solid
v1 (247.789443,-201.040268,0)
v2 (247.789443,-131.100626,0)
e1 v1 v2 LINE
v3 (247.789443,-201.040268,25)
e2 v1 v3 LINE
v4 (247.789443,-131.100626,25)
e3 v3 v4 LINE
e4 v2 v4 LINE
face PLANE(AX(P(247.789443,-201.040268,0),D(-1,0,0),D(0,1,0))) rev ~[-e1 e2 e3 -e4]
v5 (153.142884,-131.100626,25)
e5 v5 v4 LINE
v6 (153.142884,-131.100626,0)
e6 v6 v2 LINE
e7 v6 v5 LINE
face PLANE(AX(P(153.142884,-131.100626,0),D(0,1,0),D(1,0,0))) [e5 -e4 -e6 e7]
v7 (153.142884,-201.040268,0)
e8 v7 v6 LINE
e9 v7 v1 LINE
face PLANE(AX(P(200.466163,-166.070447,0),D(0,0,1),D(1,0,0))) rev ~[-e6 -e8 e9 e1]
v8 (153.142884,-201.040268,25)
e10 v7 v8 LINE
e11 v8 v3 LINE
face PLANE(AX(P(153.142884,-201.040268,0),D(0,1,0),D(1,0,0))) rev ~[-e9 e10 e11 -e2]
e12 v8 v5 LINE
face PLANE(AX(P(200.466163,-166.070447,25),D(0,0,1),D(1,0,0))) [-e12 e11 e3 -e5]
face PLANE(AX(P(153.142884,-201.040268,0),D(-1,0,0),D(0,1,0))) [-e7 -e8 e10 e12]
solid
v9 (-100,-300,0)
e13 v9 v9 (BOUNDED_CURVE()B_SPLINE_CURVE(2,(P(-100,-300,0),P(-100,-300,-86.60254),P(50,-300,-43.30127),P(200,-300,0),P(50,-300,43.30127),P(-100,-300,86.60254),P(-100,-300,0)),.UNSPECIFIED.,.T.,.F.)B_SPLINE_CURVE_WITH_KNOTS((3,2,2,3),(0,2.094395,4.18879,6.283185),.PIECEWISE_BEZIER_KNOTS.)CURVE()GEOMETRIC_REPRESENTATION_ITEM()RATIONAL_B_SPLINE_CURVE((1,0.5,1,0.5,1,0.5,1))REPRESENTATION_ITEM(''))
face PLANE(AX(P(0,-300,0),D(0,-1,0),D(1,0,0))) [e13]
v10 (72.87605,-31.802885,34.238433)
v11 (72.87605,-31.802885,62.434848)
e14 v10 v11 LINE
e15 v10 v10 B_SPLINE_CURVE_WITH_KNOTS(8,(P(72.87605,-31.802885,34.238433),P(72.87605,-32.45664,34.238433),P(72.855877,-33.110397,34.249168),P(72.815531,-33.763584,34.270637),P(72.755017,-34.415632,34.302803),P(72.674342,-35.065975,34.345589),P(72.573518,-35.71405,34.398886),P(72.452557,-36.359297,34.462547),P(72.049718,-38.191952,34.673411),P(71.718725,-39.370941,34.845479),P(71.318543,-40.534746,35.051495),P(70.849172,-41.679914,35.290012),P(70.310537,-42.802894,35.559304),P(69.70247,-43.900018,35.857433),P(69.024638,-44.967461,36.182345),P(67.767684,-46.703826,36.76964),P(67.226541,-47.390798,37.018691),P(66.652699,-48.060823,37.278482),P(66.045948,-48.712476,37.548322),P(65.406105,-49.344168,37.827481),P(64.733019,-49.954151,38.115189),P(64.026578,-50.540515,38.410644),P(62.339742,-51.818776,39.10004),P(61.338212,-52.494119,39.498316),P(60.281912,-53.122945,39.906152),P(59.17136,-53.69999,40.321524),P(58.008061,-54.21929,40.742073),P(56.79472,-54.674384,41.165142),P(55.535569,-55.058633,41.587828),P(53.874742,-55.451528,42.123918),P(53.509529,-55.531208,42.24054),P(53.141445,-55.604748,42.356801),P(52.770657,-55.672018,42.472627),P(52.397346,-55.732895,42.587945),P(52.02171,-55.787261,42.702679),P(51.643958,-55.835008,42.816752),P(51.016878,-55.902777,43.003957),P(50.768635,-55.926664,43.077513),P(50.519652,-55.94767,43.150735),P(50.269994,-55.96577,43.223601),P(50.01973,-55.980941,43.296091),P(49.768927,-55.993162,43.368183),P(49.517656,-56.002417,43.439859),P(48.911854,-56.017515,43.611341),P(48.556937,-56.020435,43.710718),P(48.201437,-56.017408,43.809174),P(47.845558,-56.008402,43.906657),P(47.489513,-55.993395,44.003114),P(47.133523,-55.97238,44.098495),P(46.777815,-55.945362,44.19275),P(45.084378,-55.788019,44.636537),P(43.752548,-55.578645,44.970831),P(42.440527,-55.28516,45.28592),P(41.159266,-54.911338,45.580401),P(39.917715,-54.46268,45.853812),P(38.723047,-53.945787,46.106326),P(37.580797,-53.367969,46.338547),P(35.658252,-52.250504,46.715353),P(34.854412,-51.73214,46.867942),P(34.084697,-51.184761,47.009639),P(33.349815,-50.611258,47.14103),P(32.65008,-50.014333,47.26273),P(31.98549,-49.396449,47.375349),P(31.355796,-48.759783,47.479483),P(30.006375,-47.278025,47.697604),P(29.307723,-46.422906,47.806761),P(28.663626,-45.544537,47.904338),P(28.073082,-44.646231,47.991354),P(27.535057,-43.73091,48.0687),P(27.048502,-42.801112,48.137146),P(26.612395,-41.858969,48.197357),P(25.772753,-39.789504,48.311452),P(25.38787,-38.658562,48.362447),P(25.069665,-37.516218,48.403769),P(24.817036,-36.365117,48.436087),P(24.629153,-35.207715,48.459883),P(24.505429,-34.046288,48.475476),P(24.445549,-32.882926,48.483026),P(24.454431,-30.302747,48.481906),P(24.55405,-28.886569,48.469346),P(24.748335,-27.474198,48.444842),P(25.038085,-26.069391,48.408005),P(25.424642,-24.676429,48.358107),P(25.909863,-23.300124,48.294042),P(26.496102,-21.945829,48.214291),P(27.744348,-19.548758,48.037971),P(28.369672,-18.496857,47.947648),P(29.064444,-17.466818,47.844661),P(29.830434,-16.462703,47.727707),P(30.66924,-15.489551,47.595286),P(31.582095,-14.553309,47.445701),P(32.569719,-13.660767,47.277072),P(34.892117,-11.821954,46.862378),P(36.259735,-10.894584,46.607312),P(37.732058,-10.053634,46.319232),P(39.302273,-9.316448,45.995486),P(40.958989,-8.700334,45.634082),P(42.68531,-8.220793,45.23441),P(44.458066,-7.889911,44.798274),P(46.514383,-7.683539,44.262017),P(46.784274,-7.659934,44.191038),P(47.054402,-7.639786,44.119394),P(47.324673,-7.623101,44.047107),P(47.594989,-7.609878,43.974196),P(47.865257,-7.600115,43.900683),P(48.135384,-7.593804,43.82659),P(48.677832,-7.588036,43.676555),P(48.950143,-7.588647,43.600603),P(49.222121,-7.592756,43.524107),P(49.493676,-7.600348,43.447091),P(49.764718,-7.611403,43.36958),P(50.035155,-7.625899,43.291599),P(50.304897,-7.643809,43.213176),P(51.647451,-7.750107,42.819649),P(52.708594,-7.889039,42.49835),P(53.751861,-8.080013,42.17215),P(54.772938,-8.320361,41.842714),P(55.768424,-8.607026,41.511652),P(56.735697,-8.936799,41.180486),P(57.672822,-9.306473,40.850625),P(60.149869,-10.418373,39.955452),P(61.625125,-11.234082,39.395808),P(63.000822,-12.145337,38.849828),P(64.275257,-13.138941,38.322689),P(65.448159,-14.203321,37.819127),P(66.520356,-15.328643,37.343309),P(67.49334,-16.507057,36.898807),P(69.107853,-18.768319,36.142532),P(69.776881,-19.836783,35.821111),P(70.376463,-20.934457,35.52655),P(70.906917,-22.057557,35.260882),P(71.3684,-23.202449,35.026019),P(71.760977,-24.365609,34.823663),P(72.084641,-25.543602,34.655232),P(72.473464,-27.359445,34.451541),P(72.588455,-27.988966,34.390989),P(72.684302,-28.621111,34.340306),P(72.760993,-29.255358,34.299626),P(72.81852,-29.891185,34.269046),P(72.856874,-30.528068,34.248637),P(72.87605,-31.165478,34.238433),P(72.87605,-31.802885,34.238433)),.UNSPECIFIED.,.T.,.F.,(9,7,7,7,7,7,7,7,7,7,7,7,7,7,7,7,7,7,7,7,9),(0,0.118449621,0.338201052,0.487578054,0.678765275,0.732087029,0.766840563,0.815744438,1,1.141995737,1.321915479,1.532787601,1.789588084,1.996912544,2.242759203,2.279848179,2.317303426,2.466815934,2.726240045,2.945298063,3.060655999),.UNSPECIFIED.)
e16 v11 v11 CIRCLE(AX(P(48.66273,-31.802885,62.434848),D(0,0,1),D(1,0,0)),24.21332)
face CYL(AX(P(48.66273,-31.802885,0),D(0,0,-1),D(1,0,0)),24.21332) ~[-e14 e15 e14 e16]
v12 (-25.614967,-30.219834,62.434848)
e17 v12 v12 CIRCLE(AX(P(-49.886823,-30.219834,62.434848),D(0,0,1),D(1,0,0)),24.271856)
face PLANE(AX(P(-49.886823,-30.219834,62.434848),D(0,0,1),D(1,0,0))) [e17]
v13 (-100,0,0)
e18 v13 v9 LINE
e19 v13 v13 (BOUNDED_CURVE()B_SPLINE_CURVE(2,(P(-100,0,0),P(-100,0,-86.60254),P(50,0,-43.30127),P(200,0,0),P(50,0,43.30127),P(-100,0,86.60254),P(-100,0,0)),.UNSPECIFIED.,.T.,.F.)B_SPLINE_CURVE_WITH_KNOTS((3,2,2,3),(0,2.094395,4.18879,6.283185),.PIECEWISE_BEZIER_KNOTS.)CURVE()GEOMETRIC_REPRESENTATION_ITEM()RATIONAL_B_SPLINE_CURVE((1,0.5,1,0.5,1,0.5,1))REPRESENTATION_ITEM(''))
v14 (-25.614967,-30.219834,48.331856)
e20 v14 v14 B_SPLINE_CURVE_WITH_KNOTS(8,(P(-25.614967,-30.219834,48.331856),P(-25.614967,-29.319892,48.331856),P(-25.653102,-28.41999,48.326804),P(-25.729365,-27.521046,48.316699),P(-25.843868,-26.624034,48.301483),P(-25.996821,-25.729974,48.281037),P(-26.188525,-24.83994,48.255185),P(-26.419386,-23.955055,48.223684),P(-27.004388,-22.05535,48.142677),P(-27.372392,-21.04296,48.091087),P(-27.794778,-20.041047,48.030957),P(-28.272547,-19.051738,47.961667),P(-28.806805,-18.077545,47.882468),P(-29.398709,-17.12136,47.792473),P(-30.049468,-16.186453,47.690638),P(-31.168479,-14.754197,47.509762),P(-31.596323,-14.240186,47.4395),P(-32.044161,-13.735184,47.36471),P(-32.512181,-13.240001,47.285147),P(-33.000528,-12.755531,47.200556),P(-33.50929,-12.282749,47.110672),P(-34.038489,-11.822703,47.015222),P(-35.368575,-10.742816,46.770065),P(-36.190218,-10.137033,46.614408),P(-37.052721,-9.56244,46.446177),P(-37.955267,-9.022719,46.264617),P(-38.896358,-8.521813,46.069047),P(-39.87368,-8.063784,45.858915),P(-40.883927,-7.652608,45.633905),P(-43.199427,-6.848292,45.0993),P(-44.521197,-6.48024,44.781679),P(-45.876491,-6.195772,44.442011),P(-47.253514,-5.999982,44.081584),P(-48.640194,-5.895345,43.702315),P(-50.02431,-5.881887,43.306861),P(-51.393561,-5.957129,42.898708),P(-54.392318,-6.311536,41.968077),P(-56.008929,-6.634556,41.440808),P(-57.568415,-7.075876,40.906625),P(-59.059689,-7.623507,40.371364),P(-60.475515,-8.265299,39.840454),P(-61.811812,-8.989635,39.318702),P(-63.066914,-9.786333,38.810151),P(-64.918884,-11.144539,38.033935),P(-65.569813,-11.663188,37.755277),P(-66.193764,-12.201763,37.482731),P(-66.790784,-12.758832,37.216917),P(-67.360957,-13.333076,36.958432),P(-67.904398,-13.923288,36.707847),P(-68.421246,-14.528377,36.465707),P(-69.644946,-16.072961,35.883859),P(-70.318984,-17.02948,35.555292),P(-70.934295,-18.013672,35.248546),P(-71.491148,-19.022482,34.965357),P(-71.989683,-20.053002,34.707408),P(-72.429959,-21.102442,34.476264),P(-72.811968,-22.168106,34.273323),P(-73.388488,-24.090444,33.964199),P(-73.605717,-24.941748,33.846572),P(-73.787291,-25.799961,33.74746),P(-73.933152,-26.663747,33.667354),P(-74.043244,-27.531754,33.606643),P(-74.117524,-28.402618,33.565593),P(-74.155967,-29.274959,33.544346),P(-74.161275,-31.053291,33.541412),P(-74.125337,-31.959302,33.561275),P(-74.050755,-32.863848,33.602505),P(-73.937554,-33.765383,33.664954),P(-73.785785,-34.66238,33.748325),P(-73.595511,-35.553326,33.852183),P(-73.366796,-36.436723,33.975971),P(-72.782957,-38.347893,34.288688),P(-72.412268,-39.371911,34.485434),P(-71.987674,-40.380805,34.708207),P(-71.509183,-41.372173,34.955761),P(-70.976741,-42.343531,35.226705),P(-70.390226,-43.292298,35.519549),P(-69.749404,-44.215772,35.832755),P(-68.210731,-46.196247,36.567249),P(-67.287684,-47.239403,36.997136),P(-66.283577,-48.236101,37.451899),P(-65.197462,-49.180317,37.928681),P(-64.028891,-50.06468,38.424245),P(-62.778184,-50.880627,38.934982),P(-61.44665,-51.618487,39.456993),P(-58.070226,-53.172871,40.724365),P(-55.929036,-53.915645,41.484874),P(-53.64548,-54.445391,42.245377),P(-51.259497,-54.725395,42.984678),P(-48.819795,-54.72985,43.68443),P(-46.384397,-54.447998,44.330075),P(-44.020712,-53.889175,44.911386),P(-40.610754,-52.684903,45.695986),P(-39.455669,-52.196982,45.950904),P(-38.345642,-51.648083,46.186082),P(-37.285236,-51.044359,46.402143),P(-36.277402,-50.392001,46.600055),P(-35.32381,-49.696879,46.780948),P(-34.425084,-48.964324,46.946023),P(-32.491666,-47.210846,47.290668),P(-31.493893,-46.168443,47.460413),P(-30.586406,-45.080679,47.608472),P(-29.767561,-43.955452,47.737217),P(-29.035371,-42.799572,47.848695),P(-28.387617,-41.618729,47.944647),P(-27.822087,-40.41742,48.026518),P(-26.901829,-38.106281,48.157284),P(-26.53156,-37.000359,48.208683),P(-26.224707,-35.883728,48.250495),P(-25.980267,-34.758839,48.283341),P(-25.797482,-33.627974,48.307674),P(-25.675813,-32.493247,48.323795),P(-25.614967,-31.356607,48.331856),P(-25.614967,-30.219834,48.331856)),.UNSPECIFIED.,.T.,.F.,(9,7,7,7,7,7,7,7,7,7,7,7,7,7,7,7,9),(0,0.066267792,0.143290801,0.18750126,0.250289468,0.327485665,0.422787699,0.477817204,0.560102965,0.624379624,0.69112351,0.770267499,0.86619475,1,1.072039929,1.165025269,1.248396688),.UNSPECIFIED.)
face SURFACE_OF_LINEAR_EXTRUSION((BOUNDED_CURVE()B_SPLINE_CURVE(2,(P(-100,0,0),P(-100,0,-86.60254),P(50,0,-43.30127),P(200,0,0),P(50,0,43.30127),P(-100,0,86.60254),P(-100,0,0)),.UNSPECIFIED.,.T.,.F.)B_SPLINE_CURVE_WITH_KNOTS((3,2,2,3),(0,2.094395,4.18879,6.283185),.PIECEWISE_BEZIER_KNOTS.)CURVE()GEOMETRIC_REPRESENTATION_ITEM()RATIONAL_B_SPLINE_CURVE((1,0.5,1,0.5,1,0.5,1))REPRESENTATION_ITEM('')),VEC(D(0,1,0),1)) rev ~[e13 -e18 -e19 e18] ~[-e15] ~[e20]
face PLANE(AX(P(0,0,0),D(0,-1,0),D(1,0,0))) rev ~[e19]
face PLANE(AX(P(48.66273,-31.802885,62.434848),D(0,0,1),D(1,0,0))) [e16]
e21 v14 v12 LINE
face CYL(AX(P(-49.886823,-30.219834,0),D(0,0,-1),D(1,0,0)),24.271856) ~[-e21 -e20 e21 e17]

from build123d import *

# Parameters (mm, degrees)
F1_DEPTH = 300
F2_R     = 24.271856
F2_R_2   = 24.21332
F3_DEPTH = 62.434848
F4_W     = 94.646559
F4_H     = 69.939643
F5_DEPTH = 25


with BuildPart() as f1:
    # F0 (on Front) → F1 (new body)
    with BuildSketch(Plane.XZ):
        with BuildLine():
            add(Edge.make_bspline(
                [(-100, 0), (-100, -86.60254), (50, -43.30127), (200, 0), (50, 43.30127), (-100, 86.60254), (-100, 0)],
                knots=[0, 0, 0, 2.094395, 2.094395, 4.18879, 4.18879, 6.283185, 6.283185, 6.283185], degree=2, weights=[1, 0.5, 1, 0.5, 1, 0.5, 1]))
        make_face()
    extrude(amount=F1_DEPTH)

    # F2 (on Top) → F3 (join)
    with BuildSketch(Plane.XY):
        with Locations((-49.886823, -30.219834)):
            Circle(F2_R)
        with Locations((48.66273, -31.802885)):
            Circle(F2_R_2)
    extrude(amount=F3_DEPTH)


with BuildPart() as f5:
    # F4 (on Top) → F5 (new body)
    with BuildSketch(Plane.XY):
        with Locations((200.466163, -166.070447)):
            Rectangle(F4_W, F4_H)
    extrude(amount=F5_DEPTH)


solid = Compound([f1.part, f5.part])
